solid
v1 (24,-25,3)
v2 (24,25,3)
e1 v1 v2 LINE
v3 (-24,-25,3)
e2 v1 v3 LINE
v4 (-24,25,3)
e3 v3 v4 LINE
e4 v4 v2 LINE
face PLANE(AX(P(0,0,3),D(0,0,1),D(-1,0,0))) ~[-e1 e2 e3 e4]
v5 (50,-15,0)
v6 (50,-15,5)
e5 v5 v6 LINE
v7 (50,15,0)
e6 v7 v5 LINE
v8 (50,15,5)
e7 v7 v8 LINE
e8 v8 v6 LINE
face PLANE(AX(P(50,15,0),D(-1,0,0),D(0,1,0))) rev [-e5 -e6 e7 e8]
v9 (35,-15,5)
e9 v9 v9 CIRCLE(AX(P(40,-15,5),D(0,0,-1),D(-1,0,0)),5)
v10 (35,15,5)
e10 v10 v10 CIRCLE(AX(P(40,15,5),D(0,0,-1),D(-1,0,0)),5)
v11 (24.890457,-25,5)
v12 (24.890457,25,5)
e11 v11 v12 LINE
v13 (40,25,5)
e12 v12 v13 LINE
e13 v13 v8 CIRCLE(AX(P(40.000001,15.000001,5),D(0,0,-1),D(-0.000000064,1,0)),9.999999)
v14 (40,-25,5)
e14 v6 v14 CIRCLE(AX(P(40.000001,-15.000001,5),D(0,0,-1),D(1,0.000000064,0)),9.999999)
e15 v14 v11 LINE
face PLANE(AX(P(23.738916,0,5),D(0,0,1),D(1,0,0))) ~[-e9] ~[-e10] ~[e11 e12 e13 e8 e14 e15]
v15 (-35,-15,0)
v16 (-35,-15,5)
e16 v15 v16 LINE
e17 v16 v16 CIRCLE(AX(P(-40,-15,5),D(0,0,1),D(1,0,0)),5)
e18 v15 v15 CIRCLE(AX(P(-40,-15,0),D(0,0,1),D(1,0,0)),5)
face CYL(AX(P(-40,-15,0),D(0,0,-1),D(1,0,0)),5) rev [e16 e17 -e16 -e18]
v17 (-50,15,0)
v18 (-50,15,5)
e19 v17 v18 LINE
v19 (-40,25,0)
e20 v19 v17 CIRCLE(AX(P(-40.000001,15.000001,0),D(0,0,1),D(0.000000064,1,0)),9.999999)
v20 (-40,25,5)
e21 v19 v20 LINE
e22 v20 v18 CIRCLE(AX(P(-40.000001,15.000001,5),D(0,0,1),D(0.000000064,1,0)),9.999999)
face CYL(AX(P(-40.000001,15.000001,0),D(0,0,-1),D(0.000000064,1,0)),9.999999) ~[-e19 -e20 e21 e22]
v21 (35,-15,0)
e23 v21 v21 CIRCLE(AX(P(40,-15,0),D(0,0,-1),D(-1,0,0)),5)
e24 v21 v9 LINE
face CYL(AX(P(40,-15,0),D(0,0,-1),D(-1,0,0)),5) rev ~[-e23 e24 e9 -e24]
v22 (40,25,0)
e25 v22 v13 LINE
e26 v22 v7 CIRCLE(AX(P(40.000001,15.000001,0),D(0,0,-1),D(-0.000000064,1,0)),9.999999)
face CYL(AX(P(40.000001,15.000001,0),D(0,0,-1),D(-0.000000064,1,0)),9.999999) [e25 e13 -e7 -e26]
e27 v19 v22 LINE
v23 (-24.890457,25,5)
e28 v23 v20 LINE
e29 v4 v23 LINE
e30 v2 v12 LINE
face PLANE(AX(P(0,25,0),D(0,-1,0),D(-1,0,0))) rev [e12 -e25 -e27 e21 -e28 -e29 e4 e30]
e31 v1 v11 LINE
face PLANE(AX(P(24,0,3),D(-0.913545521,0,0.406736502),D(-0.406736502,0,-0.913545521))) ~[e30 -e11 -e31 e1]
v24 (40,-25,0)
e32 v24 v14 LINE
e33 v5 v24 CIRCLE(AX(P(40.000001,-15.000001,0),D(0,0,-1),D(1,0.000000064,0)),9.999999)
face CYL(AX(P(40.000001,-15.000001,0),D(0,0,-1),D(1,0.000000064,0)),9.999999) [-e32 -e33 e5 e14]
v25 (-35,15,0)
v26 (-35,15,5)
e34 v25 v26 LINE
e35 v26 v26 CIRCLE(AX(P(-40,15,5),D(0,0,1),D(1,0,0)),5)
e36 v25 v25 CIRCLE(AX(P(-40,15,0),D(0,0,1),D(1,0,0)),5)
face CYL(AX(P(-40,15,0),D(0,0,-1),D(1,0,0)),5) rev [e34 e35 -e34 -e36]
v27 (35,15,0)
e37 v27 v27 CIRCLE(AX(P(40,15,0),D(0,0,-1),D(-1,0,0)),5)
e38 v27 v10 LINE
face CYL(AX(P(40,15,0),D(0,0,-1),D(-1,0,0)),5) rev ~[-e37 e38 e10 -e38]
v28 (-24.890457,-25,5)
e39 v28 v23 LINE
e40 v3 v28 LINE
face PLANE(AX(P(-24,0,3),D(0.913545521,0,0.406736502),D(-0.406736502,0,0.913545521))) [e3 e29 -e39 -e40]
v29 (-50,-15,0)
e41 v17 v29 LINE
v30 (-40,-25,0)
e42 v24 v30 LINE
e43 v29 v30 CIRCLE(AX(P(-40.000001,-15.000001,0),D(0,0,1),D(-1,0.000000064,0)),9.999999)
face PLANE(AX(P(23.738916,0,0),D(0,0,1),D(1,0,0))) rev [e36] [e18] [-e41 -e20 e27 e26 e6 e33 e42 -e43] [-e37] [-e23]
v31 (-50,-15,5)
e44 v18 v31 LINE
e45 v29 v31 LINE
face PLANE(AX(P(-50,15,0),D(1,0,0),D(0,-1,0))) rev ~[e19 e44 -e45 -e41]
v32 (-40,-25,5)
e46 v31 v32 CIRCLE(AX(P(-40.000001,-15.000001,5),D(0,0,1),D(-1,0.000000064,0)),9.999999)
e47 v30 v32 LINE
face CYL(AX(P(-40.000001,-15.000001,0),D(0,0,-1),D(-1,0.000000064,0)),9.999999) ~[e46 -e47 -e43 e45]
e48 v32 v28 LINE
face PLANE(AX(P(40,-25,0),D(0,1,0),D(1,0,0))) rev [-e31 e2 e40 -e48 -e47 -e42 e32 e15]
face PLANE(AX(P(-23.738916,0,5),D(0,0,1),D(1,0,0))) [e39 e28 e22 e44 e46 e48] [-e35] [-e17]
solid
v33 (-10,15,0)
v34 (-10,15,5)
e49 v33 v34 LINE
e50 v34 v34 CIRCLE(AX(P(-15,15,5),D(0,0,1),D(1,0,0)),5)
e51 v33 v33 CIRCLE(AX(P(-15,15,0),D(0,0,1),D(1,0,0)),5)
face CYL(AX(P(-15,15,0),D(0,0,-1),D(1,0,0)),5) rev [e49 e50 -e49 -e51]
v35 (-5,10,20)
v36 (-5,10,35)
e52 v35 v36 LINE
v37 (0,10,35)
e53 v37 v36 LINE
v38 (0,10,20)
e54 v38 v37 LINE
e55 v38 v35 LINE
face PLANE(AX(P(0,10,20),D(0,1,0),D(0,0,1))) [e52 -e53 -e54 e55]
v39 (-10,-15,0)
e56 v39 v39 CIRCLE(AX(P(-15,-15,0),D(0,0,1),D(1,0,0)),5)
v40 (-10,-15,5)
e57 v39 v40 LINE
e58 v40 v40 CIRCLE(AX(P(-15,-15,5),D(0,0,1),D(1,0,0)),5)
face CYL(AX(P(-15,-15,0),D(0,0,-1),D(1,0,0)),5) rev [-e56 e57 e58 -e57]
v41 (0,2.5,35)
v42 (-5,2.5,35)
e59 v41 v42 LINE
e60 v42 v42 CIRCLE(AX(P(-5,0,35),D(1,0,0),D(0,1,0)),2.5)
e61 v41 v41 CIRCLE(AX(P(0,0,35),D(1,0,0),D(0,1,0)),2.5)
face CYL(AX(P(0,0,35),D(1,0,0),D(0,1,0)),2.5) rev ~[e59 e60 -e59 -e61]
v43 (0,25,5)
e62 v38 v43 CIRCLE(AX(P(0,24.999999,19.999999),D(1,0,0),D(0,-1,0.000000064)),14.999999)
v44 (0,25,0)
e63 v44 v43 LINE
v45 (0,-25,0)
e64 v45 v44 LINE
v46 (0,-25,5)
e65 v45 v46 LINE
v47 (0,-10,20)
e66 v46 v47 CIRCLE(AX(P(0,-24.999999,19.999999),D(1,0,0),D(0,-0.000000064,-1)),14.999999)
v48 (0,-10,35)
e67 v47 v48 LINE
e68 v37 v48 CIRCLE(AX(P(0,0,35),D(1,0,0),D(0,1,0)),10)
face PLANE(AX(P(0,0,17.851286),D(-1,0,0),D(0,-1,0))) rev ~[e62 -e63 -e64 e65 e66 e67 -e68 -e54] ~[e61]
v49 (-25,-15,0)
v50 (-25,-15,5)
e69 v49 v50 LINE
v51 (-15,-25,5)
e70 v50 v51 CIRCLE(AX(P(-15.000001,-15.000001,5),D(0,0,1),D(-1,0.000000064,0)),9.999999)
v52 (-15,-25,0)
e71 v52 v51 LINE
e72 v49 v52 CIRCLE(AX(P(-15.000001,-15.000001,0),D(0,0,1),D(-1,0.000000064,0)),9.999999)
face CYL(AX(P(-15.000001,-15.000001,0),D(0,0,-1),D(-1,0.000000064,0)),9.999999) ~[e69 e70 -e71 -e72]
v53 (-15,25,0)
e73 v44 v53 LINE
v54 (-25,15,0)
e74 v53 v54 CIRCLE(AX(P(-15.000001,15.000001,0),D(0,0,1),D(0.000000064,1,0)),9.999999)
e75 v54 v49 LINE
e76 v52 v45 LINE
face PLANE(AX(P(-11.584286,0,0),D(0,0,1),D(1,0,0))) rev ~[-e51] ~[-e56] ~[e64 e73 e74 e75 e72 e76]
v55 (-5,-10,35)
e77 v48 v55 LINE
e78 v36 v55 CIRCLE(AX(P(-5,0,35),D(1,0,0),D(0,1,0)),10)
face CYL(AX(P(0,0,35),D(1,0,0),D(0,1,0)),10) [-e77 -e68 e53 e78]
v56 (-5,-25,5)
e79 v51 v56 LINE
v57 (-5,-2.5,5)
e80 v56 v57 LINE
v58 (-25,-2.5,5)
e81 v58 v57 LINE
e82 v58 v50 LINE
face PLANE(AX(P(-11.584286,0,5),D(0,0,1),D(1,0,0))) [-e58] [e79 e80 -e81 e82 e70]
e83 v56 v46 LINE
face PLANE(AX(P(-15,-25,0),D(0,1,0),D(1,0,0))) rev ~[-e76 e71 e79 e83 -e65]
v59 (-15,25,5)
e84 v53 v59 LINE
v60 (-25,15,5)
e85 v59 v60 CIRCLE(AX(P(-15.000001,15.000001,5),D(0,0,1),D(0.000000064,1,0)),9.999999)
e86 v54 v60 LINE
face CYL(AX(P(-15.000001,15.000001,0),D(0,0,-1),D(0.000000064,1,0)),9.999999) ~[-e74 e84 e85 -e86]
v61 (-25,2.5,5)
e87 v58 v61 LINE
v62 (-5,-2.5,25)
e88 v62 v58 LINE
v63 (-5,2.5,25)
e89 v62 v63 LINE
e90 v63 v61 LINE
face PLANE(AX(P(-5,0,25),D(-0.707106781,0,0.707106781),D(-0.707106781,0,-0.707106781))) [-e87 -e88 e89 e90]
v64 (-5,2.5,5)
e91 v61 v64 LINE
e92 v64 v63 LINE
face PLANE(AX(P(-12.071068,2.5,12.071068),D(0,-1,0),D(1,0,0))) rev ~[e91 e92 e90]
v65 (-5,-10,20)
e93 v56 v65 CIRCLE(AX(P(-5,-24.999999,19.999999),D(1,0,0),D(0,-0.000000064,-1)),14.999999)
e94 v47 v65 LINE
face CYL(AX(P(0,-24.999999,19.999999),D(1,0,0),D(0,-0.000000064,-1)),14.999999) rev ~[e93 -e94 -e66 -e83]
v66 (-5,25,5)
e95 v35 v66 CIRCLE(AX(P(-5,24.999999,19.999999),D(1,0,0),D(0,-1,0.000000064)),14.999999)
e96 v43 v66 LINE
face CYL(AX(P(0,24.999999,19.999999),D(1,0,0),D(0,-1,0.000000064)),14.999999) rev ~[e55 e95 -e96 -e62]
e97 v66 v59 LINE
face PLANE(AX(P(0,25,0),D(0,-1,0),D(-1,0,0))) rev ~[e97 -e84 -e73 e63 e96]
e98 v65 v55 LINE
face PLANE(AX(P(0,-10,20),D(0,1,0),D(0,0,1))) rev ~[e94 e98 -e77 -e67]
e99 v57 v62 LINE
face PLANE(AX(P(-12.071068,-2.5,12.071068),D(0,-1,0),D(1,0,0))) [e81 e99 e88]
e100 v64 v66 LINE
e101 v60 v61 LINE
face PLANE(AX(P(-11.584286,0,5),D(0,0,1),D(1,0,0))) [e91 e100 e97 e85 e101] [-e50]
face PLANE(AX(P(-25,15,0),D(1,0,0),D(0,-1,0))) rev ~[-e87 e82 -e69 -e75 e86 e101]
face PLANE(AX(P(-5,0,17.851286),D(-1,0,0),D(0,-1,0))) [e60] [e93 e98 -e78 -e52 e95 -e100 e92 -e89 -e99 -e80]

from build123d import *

# Parameters (mm, degrees)
SKETCH_R          = 5
PAD_DEPTH         = 5
POCKET_DEPTH      = 25.001
POCKET_DEPTH_BACK = 25.001
SKETCH002_R       = 5
PAD001_DEPTH      = 5
SKETCH003_R       = 2.5
PAD002_DEPTH      = 5
PAD003_DEPTH      = 2.5


with BuildPart() as base:
    # Sketch → Pad (new body)
    with BuildSketch(Plane.XY):
        with BuildLine():
            Line((-50, 15), (-50, -15))
            ThreePointArc((-50, -15), (-47.071068, -22.071068), (-40, -25))
            Line((-40, -25), (0, -25))
            Line((0, -25), (0, 25))
            Line((0, 25), (-40, 25))
            ThreePointArc((-40, 25), (-47.071068, 22.071068), (-50, 15))
        make_face()
        with Locations((-40, 15)):
            Circle(SKETCH_R, mode=Mode.SUBTRACT)
        with Locations((-40, -15)):
            Circle(SKETCH_R, mode=Mode.SUBTRACT)
    extrude(amount=PAD_DEPTH)

    # Sketch001 → Pocket (cut, two sides)
    with BuildSketch(Plane.XZ) as pocket_sk:
        Polygon((0, 3), (-24, 3), (-24.890457, 5), (0, 5), align=None)
    extrude(amount=-POCKET_DEPTH, mode=Mode.SUBTRACT)
    extrude(pocket_sk.sketch, amount=POCKET_DEPTH_BACK, mode=Mode.SUBTRACT)

    # Mirrored: Base across YZ


with BuildPart() as base_1:
    add(base.part)
    add(base.part.mirror(Plane.YZ))


with BuildPart() as bracket:
    # Sketch002 → Pad001 (new body)
    with BuildSketch(Plane.XY):
        with BuildLine():
            Line((0, 25), (-15, 25))
            ThreePointArc((-15, 25), (-22.071068, 22.071068), (-25, 15))
            Line((-25, 15), (-25, -15))
            ThreePointArc((-25, -15), (-22.071068, -22.071068), (-15, -25))
            Line((-15, -25), (0, -25))
            Line((0, -25), (0, 25))
        make_face()
        with Locations((-15, 15)):
            Circle(SKETCH002_R, mode=Mode.SUBTRACT)
        with Locations((-15, -15)):
            Circle(SKETCH002_R, mode=Mode.SUBTRACT)
    extrude(amount=PAD001_DEPTH)

    # Sketch003 → Pad002 (join)
    with BuildSketch(Plane.YZ):
        with BuildLine():
            ThreePointArc((-25, 5), (-14.393398, 9.393398), (-10, 20))
            Line((-10, 20), (-10, 35))
            ThreePointArc((10, 35), (0, 45), (-10, 35))
            Line((10, 20), (10, 35))
            ThreePointArc((10, 20), (14.393398, 9.393398), (25, 5))
            Line((-25, 5), (25, 5))
        make_face()
        with Locations((0, 35)):
            Circle(SKETCH003_R, mode=Mode.SUBTRACT)
    extrude(amount=-PAD002_DEPTH)

    # Sketch004 → Pad003 (join, symmetric)
    with BuildSketch(Plane.XZ):
        Polygon((-25, 5), (-5, 5), (-5, 25), align=None)
    extrude(amount=PAD003_DEPTH, both=True)


solid = Compound([base_1.part, bracket.part])
